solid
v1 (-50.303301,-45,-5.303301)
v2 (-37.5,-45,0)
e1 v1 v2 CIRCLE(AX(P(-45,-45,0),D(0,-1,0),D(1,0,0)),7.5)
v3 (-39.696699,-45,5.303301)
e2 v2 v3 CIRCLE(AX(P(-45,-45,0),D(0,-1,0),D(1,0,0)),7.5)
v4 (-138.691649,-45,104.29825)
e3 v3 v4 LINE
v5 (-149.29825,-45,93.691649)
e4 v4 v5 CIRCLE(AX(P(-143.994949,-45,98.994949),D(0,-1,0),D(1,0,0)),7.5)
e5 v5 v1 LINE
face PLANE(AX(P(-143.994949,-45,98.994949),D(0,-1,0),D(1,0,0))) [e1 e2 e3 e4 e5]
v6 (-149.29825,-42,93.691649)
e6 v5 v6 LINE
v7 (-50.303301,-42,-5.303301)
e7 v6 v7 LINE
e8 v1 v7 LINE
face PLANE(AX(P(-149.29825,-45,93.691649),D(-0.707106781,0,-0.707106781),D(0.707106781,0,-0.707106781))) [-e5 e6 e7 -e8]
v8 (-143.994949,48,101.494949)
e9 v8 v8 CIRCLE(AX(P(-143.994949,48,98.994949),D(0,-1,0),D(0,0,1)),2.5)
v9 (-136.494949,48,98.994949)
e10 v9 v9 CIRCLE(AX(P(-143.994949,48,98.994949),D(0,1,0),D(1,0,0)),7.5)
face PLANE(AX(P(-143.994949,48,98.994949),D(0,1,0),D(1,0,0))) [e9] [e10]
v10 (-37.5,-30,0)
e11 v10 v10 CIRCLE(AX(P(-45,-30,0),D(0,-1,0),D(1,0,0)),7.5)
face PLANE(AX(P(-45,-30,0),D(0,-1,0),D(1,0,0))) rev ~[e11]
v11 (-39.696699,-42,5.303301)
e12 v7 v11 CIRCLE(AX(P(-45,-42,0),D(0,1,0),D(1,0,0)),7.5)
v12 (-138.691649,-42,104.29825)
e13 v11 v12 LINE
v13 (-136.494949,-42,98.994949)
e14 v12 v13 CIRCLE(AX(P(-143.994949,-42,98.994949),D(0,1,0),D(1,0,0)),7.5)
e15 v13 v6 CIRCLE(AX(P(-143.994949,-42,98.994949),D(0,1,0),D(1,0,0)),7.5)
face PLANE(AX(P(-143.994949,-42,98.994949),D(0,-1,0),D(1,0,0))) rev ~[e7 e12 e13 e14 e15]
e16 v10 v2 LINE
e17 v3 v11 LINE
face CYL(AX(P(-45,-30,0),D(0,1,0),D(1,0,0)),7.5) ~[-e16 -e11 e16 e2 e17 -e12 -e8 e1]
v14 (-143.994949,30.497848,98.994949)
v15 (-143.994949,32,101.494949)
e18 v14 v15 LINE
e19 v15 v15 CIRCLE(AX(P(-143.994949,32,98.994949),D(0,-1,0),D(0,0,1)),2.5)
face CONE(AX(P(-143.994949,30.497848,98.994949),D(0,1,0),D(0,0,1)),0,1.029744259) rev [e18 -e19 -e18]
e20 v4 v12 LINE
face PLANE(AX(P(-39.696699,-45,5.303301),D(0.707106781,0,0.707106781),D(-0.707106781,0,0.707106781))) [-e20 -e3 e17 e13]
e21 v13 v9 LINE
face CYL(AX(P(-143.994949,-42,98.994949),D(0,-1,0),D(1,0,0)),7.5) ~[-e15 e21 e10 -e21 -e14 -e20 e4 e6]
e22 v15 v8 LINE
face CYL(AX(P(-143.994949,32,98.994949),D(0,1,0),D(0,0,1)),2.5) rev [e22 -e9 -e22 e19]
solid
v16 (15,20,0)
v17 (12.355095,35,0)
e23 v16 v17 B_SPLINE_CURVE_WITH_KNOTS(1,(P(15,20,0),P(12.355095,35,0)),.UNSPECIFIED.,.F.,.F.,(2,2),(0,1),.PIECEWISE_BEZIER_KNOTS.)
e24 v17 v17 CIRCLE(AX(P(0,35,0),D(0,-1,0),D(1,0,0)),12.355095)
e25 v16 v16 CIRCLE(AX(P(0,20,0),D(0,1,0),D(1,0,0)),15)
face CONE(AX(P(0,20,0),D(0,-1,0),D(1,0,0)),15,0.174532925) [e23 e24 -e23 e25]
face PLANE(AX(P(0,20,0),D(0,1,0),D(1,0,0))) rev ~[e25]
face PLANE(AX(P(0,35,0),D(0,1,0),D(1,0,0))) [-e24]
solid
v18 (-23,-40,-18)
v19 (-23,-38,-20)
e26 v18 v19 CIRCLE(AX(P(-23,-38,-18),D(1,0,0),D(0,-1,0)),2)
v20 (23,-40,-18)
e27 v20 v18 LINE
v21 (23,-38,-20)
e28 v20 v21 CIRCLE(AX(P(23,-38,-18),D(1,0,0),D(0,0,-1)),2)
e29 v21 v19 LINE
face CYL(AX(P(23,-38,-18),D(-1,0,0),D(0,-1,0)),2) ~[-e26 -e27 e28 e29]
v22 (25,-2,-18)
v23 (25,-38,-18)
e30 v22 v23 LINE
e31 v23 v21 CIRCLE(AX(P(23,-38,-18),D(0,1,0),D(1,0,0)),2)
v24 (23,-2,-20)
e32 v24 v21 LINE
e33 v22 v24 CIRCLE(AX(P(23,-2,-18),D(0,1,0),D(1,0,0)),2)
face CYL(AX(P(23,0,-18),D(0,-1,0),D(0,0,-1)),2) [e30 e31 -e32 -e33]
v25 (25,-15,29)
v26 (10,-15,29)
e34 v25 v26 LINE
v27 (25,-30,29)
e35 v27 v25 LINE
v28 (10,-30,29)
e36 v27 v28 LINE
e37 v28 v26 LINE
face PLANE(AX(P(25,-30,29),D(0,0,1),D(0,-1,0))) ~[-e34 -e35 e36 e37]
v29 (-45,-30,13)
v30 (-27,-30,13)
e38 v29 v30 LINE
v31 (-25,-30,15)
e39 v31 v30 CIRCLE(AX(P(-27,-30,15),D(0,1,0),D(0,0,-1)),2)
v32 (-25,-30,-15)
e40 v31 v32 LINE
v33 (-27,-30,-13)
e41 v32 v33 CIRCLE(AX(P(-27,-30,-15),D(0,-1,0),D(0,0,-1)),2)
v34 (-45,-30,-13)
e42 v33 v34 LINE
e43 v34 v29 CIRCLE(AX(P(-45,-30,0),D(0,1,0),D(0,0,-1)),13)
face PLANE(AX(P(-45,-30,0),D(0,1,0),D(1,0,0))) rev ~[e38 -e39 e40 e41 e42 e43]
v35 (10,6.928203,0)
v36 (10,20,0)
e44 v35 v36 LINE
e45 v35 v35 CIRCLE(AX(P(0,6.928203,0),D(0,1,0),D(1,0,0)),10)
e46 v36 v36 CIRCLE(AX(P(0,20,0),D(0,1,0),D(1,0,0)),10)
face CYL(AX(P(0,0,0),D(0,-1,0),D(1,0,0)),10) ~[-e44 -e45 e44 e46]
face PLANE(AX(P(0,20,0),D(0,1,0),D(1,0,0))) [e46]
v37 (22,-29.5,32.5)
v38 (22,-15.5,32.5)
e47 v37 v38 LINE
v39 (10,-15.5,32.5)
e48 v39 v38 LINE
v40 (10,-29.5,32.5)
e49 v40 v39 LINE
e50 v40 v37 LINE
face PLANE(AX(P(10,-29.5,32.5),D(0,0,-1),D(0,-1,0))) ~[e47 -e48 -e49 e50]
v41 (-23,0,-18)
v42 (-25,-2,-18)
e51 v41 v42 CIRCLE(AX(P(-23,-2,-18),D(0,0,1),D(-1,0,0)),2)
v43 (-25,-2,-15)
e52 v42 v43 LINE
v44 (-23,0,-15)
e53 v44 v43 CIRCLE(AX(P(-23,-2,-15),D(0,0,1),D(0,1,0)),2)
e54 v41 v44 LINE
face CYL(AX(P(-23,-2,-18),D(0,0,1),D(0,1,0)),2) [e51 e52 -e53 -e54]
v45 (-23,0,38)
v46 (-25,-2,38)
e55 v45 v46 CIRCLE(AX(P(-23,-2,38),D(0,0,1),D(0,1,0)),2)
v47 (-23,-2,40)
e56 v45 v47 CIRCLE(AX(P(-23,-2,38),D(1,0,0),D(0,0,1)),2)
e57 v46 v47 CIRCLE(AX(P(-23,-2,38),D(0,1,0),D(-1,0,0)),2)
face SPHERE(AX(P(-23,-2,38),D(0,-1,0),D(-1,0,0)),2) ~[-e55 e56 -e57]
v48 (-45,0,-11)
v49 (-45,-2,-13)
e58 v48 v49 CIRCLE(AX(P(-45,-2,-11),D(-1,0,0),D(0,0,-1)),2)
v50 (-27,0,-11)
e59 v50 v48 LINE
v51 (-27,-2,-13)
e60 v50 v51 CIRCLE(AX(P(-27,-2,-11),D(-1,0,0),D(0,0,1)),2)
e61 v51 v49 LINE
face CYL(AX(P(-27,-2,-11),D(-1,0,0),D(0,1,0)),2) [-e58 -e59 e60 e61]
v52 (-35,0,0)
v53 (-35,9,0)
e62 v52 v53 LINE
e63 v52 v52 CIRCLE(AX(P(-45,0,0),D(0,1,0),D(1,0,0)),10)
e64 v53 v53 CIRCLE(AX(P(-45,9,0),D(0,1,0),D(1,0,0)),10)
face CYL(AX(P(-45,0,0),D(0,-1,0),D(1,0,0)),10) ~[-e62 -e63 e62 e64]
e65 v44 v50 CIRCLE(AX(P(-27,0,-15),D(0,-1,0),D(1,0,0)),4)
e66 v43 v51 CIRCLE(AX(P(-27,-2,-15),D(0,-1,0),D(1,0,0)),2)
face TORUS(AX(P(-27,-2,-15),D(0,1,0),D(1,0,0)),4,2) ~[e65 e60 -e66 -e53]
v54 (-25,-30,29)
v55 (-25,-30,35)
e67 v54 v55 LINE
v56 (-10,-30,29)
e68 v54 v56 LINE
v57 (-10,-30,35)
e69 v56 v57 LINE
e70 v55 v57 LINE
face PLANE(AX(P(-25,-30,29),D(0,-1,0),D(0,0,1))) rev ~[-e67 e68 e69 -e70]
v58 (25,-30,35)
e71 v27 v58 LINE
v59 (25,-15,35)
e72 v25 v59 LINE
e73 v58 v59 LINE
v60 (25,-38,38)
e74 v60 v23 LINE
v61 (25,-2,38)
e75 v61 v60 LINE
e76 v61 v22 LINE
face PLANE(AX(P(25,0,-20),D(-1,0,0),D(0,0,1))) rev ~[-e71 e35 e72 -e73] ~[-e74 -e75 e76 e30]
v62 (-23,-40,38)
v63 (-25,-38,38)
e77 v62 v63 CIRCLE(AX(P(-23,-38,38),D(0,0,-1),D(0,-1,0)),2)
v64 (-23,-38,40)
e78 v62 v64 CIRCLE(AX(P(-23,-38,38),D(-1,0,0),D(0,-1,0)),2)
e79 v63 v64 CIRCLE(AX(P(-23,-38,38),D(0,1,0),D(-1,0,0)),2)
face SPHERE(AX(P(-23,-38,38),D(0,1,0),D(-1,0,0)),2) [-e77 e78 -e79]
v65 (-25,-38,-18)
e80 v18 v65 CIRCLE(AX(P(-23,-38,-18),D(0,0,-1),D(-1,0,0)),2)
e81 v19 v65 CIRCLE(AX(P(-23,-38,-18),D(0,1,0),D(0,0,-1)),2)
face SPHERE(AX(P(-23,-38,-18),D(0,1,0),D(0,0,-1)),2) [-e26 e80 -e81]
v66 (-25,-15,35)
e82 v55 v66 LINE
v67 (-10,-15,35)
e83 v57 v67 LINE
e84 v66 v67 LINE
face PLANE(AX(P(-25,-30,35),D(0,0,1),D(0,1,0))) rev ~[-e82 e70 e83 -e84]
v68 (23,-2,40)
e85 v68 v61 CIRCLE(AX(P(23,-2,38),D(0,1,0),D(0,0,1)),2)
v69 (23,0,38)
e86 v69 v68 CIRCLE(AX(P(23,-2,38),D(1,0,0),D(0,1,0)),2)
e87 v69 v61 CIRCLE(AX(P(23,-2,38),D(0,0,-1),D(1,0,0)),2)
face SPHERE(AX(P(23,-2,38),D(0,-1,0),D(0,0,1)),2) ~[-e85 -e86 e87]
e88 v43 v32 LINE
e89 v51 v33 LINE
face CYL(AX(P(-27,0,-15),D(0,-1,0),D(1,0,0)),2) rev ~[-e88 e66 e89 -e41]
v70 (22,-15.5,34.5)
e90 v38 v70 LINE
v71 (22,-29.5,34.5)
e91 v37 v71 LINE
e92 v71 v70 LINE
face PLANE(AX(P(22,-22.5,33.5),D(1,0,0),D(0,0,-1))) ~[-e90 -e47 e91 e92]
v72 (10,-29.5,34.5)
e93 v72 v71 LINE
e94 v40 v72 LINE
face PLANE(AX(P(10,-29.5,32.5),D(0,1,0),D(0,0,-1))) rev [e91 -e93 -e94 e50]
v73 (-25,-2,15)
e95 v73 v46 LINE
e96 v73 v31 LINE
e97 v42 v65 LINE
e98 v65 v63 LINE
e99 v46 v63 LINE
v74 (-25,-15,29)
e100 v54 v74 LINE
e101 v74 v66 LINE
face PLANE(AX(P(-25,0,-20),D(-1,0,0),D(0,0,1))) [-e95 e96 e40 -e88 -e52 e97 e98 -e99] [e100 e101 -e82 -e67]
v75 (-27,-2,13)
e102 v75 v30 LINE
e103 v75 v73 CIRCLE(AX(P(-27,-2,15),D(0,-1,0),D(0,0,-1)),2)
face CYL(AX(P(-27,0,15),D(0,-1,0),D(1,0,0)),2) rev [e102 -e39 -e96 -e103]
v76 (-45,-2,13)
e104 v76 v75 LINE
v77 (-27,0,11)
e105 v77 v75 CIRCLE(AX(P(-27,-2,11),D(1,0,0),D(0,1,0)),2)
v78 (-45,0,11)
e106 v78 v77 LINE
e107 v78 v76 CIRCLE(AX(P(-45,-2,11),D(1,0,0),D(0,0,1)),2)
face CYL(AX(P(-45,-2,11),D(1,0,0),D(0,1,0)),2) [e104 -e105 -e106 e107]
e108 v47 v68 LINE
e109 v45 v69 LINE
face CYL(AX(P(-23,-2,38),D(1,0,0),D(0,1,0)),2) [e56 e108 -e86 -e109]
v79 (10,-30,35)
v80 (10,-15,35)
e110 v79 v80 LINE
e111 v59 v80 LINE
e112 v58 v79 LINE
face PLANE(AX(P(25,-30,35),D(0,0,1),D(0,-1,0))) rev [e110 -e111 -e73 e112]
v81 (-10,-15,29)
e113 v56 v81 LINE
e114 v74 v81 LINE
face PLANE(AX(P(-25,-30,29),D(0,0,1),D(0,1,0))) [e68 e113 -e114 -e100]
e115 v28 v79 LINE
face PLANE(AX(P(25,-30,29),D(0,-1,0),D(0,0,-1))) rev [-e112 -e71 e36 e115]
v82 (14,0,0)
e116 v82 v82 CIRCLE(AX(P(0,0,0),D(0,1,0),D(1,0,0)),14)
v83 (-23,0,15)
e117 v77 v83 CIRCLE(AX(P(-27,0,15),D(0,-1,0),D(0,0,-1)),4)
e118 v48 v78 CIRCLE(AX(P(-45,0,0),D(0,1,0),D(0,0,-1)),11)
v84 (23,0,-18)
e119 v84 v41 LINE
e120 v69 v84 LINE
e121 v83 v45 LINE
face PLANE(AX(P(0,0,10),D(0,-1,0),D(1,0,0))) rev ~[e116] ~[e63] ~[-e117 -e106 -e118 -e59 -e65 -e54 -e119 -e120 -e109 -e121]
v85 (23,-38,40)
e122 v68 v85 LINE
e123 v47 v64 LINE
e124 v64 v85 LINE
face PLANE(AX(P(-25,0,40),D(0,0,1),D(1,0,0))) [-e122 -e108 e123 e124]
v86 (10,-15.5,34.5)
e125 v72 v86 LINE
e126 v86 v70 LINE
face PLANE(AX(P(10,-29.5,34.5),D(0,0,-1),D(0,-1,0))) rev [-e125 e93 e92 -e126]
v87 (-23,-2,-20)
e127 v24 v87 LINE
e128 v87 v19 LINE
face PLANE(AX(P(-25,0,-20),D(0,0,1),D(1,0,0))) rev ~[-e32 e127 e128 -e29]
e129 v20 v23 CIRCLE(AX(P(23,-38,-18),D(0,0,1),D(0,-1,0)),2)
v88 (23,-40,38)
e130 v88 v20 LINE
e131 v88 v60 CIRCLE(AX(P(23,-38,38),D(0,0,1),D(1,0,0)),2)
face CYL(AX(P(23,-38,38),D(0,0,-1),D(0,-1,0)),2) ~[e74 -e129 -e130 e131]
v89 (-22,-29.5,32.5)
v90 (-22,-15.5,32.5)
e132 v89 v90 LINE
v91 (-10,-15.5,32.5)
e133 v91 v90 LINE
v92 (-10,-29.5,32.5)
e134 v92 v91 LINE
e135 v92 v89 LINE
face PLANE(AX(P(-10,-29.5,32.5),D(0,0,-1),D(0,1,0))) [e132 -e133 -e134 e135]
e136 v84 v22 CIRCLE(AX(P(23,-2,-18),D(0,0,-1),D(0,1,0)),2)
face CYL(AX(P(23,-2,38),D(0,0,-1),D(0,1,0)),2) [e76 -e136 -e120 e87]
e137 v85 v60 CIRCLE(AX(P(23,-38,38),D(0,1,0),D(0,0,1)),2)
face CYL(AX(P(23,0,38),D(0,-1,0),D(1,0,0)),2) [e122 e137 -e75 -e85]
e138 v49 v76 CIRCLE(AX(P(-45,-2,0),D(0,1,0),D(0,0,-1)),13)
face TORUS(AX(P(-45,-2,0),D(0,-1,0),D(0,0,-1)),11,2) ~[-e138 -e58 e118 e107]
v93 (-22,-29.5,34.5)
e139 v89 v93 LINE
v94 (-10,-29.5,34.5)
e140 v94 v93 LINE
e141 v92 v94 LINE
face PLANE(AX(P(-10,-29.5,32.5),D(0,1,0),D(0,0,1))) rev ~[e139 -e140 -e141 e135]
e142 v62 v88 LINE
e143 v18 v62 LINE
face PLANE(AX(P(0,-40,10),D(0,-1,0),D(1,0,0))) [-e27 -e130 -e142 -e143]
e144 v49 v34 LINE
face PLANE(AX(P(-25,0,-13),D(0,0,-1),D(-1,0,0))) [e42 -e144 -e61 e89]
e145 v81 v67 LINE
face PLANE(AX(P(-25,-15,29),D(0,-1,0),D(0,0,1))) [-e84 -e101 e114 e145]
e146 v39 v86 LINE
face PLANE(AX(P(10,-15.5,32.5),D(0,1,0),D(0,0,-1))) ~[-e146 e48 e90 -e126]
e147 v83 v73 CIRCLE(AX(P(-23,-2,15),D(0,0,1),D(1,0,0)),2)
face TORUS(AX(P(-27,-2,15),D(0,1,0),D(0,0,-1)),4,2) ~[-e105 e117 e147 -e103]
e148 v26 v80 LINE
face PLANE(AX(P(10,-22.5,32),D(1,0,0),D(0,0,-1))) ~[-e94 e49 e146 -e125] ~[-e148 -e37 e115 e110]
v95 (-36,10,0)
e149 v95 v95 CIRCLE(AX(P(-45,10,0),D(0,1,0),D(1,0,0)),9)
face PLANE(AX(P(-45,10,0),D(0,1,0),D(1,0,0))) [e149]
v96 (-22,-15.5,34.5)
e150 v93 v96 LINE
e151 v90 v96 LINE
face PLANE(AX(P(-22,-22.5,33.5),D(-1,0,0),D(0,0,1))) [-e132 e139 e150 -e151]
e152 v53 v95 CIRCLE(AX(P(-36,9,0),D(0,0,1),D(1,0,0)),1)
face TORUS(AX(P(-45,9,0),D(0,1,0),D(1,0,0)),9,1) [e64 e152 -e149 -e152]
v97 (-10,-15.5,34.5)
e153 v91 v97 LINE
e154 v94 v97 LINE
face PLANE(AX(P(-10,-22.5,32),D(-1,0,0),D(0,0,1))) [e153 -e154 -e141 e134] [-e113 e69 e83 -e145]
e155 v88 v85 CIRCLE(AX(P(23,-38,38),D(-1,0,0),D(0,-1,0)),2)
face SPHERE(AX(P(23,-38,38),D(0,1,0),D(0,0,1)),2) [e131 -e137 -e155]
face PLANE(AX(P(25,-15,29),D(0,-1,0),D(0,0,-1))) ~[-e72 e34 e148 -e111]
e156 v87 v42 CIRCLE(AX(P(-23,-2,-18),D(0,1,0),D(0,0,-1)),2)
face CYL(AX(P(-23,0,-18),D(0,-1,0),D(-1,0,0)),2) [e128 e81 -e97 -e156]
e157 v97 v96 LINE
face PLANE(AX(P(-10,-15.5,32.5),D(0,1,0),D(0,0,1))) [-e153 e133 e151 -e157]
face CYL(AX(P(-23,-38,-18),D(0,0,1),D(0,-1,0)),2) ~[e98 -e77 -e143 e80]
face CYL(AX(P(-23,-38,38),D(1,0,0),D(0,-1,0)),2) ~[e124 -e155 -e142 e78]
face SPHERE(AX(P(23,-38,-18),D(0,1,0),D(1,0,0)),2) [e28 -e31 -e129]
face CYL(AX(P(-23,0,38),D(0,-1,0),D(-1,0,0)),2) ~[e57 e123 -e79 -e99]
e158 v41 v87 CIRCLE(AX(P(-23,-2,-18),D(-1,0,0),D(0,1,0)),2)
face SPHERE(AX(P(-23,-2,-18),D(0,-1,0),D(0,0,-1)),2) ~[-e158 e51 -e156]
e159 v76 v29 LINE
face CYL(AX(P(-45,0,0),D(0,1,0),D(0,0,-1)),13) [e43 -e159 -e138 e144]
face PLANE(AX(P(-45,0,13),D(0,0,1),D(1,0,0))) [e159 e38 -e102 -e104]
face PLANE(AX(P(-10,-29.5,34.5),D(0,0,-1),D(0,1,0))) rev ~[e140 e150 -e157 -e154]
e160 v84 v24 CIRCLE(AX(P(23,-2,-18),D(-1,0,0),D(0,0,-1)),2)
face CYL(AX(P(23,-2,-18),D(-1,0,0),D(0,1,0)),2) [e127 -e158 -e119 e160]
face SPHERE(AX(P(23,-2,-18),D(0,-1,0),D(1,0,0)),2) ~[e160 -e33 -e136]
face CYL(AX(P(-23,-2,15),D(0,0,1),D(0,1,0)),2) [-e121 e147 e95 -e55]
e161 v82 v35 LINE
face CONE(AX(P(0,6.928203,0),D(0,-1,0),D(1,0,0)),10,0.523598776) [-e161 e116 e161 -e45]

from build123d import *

# Parameters (mm, degrees)
SKETCH1_R                = 10
BOSS_EXTRUDE1_DEPTH      = 20
SKETCH2_W                = 50
SKETCH2_H                = 60
BOSS_EXTRUDE2_DEPTH      = 40
SKETCH3_R                = 10
BOSS_EXTRUDE3_DEPTH      = 30
BOSS_EXTRUDE4_DEPTH      = 10
BOSS_EXTRUDE4_DEPTH_BACK = 30
SKETCH3_2_R              = 10
SKETCH4_R                = 15
BOSS_EXTRUDE5_DEPTH      = 15
BOSS_EXTRUDE5_TAPER      = 10
SKETCH6_W                = 6
SKETCH6_H                = 15
CUT_EXTRUDE1_DEPTH       = 15
SKETCH7_W                = 2
SKETCH7_H                = 14
BOSS_EXTRUDE6_DEPTH      = 12
CHAMFER1_SIZE            = 4
CHAMFER1_SIZE2           = 6.92820323
FILLET1_R                = 1
FILLET2_R                = 2
FILLET3_R                = 2
SKETCH8_R                = 7.5
BOSS_EXTRUDE7_DEPTH      = 15
SKETCH9_R                = 7.5
BOSS_EXTRUDE8_DEPTH      = 3
SKETCH10_R               = 7.5
BOSS_EXTRUDE9_DEPTH      = 90


with BuildPart() as part:
    # Sketch1 → Boss-Extrude1 (new body)
    with BuildSketch(Plane(origin=(0, 0, 0), x_dir=(1, 0, 0), z_dir=(0, 1, 0))):
        Circle(SKETCH1_R)
    extrude(amount=BOSS_EXTRUDE1_DEPTH)

    # Sketch2 → Boss-Extrude2 (add)
    with BuildSketch(Plane.XZ):
        with Locations((0, 10)):
            Rectangle(SKETCH2_W, SKETCH2_H)
    extrude(amount=BOSS_EXTRUDE2_DEPTH)

    # Sketch3 → Boss-Extrude3 (add)
    with BuildSketch(Plane(origin=(0, 0, 0), x_dir=(1, 0, 0), z_dir=(0, 1, 0))):
        with BuildLine():
            Line((-45, -13), (-25, -13))
            Line((-25, -13), (-25, 13))
            Line((-25, 13), (-45, 13))
            ThreePointArc((-45, 13), (-58, 0), (-45, -13))
        make_face()
        with Locations((-45, 0)):
            Circle(SKETCH3_R, mode=Mode.SUBTRACT)
    extrude(amount=-BOSS_EXTRUDE3_DEPTH)

    # Sketch3<2> → Boss-Extrude4 (add, two sides: drawn at the far end of the back side and taken through both)
    with BuildSketch(Plane(origin=(0, 0, 0), x_dir=(1, 0, 0), z_dir=(0, 1, 0)).offset(-BOSS_EXTRUDE4_DEPTH_BACK)):
        with Locations((-45, 0)):
            Circle(SKETCH3_2_R)
    extrude(amount=BOSS_EXTRUDE4_DEPTH + BOSS_EXTRUDE4_DEPTH_BACK)

    # Sketch6 → Cut-Extrude1 (cut)
    with BuildSketch(Plane.ZY.offset(25)):
        with Locations((32, -22.5)):
            Rectangle(SKETCH6_W, SKETCH6_H)
    cut_extrude1 = extrude(amount=-CUT_EXTRUDE1_DEPTH, mode=Mode.SUBTRACT)

    # Sketch7 → Boss-Extrude6 (add)
    with BuildSketch(Plane.ZY.offset(10)):
        with Locations((33.5, -22.5)):
            Rectangle(SKETCH7_W, SKETCH7_H)
    boss_extrude6 = extrude(amount=BOSS_EXTRUDE6_DEPTH)

    # Chamfer1
    chamfer1_edges = [part.edges().sort_by_distance(p)[0] for p in [
        (-10, 0, 0),
    ]]
    chamfer1_side = [part.faces().sort_by_distance(p)[0] for p in [
        (-5.534557326, 0, 9.502252838),
    ]]
    chamfer(chamfer1_edges, length=CHAMFER1_SIZE, length2=CHAMFER1_SIZE2, reference=chamfer1_side[0])

    # Fillet1
    fillet1_edges = [part.edges().sort_by_distance(p)[0] for p in [
        (-55, 10, 0),
    ]]
    fillet(fillet1_edges, radius=FILLET1_R)

    # Fillet2
    fillet2_edges = [part.edges().sort_by_distance(p)[0] for p in [
        (25, -20, 40),
        (-25, -20, 40),
        (-25, -15, -13),
        (-25, -20, -20),
        (25, -20, -20),
        (-25, -15, 13),
    ]]
    fillet(fillet2_edges, radius=FILLET2_R)

    # Fillet3
    fillet3_edges = [part.edges().sort_by_distance(p)[0] for p in [
        (-24.414213562, -40, 39.414213562),
        (0, -40, 40),
        (24.414213562, -40, 39.414213562),
        (25, -40, 10),
        (24.414213562, -40, -19.414213562),
        (0, -40, -20),
        (-24.414213562, -40, -19.414213562),
        (-58, 0, 0),
        (-36, 0, -13),
        (-25.585786438, 0, -13.585786438),
        (-25, 0, -16.5),
        (-24.414213562, 0, -19.414213562),
        (0, 0, -20),
        (24.414213562, 0, -19.414213562),
        (25, 0, 10),
        (24.414213562, 0, 39.414213562),
        (0, 0, 40),
        (-24.414213562, 0, 39.414213562),
        (-25, 0, 26.5),
        (-25.585786438, 0, 13.585786438),
        (-25, -40, 10),
        (-36, 0, 13),
    ]]
    fillet(fillet3_edges, radius=FILLET3_R)

    # Mirror1: Cut-Extrude1, Boss-Extrude6 across plane
    add(cut_extrude1.mirror(Plane(origin=(0, 0, 0), x_dir=(0, 0, 1), z_dir=(1, 0, 0))), mode=Mode.SUBTRACT)
    add(boss_extrude6.mirror(Plane(origin=(0, 0, 0), x_dir=(0, 0, 1), z_dir=(1, 0, 0))))


with BuildPart() as body_2:
    # Sketch4 → Boss-Extrude5 (new body)
    with BuildSketch(Plane(origin=(0, 20, 0), x_dir=(1, 0, 0), z_dir=(0, 1, 0))):
        Circle(SKETCH4_R)
    extrude(amount=BOSS_EXTRUDE5_DEPTH, taper=BOSS_EXTRUDE5_TAPER)


with BuildPart() as body_3:
    # Sketch8 → Boss-Extrude7 (new body)
    with BuildSketch(Plane.XZ.offset(30)):
        with Locations((-45, 0)):
            Circle(SKETCH8_R)
    extrude(amount=BOSS_EXTRUDE7_DEPTH)

    # Sketch9 → Boss-Extrude8 (add)
    with BuildSketch(Plane.XZ.offset(45)):
        with Locations((-143.994949366, 98.994949366)):
            Circle(SKETCH9_R)
        Polygon((-50.303300859, -5.303300859), (-39.696699141, 5.303300859), (-138.691648507, 104.298250225), (-149.298250225, 93.691648507), align=None)
    extrude(amount=-BOSS_EXTRUDE8_DEPTH)

    # Sketch10 → Boss-Extrude9 (add)
    with BuildSketch(Plane(origin=(0, -42, 0), x_dir=(1, 0, 0), z_dir=(0, 1, 0))):
        with Locations((-143.994949366, -98.994949366)):
            Circle(SKETCH10_R)
    extrude(amount=BOSS_EXTRUDE9_DEPTH)

    # Sketch14 → M6 Tapped Hole1 (revolve, cut)
    with BuildSketch(Plane(origin=(-143.994949366, 48, 98.994949366), x_dir=(0, 0, 1), z_dir=(1, 0, 0))):
        Polygon((0, 0), (0, 17.502151548), (2.5, 16), (2.5, 0), align=None)
    revolve(axis=Axis((-143.994949366, 54.35, 98.994949366), (0, -1, 0)), mode=Mode.SUBTRACT)


solid = Compound([part.part, body_2.part, body_3.part])
